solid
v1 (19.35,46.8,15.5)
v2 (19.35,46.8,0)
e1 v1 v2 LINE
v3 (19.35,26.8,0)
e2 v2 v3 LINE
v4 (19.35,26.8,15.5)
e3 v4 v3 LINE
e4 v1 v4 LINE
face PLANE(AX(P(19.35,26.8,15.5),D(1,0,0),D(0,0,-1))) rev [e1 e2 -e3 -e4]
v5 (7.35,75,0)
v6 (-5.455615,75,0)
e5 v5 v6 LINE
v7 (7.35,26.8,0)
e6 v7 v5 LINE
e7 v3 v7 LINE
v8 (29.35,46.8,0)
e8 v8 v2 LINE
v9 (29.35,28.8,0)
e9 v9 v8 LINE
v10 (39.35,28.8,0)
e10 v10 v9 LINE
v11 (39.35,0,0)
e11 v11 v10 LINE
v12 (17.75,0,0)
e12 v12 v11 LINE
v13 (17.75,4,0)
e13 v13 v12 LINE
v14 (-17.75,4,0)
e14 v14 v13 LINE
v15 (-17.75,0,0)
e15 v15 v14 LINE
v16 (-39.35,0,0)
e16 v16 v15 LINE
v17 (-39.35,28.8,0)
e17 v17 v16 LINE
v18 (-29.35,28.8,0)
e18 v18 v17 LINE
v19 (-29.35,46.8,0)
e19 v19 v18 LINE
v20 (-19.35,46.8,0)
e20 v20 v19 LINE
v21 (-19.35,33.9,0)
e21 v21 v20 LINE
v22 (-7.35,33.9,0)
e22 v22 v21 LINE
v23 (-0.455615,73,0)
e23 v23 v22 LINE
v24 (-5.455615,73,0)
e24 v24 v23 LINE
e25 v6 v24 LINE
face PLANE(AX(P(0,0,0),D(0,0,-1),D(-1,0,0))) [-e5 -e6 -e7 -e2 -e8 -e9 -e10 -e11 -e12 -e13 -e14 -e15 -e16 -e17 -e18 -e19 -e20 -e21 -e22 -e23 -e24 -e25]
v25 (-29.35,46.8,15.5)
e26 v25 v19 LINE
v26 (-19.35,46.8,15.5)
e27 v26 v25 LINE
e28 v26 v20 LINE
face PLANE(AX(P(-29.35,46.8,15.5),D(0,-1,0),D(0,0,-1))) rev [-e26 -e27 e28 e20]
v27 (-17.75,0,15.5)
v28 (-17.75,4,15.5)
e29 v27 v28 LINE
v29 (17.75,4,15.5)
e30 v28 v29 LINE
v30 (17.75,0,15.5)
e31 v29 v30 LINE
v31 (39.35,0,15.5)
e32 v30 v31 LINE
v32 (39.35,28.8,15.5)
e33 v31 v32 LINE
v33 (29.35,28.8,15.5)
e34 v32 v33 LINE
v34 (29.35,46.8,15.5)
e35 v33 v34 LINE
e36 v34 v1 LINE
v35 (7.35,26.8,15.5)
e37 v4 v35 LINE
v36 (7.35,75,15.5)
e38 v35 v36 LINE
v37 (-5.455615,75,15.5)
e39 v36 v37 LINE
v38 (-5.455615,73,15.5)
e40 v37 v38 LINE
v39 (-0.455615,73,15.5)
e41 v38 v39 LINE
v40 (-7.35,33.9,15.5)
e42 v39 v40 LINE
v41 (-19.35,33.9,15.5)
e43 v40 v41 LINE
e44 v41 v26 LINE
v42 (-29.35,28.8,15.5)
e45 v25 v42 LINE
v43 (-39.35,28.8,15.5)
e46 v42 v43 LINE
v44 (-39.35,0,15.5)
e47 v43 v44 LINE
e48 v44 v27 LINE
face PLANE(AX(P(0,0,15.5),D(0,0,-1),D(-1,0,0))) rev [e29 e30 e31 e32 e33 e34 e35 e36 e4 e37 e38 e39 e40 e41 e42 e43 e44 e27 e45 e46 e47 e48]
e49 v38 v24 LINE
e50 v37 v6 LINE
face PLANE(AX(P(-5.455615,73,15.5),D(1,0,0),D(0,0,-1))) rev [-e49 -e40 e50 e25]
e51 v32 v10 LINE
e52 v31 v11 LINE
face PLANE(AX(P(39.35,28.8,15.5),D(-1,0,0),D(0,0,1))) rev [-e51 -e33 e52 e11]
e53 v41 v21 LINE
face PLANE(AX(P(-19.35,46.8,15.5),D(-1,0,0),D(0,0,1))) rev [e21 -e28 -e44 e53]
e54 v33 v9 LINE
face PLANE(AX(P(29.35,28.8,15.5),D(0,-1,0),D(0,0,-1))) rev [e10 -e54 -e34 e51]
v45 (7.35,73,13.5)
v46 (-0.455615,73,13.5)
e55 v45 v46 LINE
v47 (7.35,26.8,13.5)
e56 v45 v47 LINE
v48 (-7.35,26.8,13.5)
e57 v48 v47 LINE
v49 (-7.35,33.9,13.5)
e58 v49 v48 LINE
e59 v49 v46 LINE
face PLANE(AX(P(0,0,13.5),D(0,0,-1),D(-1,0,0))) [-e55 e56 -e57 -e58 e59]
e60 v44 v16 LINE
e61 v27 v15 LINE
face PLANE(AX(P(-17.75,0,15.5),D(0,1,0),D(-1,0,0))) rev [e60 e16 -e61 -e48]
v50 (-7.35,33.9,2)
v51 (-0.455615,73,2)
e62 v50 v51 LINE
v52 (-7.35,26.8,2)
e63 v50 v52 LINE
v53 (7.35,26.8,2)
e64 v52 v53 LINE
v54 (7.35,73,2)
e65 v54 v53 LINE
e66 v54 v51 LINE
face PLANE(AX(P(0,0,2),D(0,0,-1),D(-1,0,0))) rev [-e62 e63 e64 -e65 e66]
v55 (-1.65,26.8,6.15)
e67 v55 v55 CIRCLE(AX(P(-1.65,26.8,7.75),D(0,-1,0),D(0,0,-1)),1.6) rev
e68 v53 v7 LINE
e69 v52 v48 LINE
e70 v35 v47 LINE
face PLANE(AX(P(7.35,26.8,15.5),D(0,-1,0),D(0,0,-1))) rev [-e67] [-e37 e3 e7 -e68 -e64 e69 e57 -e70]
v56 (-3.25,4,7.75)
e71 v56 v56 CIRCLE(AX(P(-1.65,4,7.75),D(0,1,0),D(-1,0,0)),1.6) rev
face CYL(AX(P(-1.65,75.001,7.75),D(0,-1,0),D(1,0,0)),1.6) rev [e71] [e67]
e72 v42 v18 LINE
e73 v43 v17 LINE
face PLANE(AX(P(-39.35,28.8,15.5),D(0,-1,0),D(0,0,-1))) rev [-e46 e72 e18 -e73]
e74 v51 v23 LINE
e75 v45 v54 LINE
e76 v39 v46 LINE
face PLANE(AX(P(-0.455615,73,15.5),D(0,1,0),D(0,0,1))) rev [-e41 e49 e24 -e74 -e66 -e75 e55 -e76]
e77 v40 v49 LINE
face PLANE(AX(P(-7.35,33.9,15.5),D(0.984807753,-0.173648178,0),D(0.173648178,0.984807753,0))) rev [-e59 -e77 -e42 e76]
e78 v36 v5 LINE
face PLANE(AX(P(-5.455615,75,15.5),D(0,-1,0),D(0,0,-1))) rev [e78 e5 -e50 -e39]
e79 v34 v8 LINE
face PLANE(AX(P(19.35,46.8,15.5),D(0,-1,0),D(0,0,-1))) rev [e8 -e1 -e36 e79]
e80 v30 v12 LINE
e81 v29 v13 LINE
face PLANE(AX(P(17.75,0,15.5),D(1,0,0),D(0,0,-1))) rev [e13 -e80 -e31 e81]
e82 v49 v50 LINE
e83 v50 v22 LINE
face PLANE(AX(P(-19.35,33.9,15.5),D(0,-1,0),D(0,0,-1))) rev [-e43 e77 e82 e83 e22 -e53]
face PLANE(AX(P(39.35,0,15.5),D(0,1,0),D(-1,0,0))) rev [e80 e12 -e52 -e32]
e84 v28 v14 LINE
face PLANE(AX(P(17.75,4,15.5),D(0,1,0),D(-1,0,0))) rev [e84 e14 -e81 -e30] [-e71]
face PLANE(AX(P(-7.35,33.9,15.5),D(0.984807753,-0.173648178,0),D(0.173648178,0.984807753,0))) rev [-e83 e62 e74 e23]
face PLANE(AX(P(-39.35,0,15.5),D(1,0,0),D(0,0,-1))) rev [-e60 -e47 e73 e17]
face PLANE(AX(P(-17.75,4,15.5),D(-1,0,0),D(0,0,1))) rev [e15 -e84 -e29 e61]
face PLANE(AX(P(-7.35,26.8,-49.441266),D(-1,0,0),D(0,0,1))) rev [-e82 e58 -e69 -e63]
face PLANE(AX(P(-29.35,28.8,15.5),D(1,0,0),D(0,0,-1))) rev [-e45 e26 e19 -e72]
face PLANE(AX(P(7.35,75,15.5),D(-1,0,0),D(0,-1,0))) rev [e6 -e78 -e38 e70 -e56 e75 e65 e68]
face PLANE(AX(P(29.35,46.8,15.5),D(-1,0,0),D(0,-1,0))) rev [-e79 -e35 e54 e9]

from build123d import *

# Parameters (mm, degrees)
BOSS_EXTRU_1_DEPTH      = 15.5
ENL_V_START             = -2
ESQUISSE2_W             = 17.606783298
ESQUISSE2_H             = 46.2
ENL_V_MAT_EXTRU_1_DEPTH = 11.5
ENL_V_MAT_EXTRU_2_REACH = 88.103
ESQUISSE3_R             = 1.6


with BuildPart() as part:
    # Esquisse1 → Boss.-Extru.1 (new body)
    with BuildSketch(Plane.XY):
        Polygon((-39.35, 0), (-39.35, 28.8), (-29.35, 28.8), (-29.35, 46.8), (-19.35, 46.8), (-19.35, 33.9), (-7.35, 33.9), (-0.455615054, 73), (-5.455615054, 73), (-5.455615054, 75), (7.35, 75), (7.35, 26.8), (19.35, 26.8), (19.35, 46.8), (29.35, 46.8), (29.35, 28.8), (39.35, 28.8), (39.35, 0), (17.75, 0), (17.75, 4), (-17.75, 4), (-17.75, 0), align=None)
    extrude(amount=BOSS_EXTRU_1_DEPTH)

    # Esquisse2 → Enlèv. mat.-Extru.1 (cut)
    with BuildSketch(Plane.XY.offset(15.5).offset(ENL_V_START)):
        with Locations((1.453391649, 49.9)):
            Rectangle(ESQUISSE2_W, ESQUISSE2_H)
    extrude(amount=-ENL_V_MAT_EXTRU_1_DEPTH, mode=Mode.SUBTRACT)

    # Esquisse3 → Enlèv. mat.-Extru.2 (cut, up to next)
    with BuildSketch(Plane.XZ, mode=Mode.PRIVATE) as enl_v_mat_extru_2_sk1:
        with Locations(Location((-1.65, 7.75, 0), (0, 0, 270))):
            Circle(ESQUISSE3_R)
    enl_v_mat_extru_2_tool1 = extrude(enl_v_mat_extru_2_sk1.sketch, amount=-ENL_V_MAT_EXTRU_2_REACH, mode=Mode.PRIVATE) & part.part
    add(enl_v_mat_extru_2_tool1.solids().sort_by_distance((-1.65, 0, 7.75))[0], mode=Mode.SUBTRACT)


solid = part.part
